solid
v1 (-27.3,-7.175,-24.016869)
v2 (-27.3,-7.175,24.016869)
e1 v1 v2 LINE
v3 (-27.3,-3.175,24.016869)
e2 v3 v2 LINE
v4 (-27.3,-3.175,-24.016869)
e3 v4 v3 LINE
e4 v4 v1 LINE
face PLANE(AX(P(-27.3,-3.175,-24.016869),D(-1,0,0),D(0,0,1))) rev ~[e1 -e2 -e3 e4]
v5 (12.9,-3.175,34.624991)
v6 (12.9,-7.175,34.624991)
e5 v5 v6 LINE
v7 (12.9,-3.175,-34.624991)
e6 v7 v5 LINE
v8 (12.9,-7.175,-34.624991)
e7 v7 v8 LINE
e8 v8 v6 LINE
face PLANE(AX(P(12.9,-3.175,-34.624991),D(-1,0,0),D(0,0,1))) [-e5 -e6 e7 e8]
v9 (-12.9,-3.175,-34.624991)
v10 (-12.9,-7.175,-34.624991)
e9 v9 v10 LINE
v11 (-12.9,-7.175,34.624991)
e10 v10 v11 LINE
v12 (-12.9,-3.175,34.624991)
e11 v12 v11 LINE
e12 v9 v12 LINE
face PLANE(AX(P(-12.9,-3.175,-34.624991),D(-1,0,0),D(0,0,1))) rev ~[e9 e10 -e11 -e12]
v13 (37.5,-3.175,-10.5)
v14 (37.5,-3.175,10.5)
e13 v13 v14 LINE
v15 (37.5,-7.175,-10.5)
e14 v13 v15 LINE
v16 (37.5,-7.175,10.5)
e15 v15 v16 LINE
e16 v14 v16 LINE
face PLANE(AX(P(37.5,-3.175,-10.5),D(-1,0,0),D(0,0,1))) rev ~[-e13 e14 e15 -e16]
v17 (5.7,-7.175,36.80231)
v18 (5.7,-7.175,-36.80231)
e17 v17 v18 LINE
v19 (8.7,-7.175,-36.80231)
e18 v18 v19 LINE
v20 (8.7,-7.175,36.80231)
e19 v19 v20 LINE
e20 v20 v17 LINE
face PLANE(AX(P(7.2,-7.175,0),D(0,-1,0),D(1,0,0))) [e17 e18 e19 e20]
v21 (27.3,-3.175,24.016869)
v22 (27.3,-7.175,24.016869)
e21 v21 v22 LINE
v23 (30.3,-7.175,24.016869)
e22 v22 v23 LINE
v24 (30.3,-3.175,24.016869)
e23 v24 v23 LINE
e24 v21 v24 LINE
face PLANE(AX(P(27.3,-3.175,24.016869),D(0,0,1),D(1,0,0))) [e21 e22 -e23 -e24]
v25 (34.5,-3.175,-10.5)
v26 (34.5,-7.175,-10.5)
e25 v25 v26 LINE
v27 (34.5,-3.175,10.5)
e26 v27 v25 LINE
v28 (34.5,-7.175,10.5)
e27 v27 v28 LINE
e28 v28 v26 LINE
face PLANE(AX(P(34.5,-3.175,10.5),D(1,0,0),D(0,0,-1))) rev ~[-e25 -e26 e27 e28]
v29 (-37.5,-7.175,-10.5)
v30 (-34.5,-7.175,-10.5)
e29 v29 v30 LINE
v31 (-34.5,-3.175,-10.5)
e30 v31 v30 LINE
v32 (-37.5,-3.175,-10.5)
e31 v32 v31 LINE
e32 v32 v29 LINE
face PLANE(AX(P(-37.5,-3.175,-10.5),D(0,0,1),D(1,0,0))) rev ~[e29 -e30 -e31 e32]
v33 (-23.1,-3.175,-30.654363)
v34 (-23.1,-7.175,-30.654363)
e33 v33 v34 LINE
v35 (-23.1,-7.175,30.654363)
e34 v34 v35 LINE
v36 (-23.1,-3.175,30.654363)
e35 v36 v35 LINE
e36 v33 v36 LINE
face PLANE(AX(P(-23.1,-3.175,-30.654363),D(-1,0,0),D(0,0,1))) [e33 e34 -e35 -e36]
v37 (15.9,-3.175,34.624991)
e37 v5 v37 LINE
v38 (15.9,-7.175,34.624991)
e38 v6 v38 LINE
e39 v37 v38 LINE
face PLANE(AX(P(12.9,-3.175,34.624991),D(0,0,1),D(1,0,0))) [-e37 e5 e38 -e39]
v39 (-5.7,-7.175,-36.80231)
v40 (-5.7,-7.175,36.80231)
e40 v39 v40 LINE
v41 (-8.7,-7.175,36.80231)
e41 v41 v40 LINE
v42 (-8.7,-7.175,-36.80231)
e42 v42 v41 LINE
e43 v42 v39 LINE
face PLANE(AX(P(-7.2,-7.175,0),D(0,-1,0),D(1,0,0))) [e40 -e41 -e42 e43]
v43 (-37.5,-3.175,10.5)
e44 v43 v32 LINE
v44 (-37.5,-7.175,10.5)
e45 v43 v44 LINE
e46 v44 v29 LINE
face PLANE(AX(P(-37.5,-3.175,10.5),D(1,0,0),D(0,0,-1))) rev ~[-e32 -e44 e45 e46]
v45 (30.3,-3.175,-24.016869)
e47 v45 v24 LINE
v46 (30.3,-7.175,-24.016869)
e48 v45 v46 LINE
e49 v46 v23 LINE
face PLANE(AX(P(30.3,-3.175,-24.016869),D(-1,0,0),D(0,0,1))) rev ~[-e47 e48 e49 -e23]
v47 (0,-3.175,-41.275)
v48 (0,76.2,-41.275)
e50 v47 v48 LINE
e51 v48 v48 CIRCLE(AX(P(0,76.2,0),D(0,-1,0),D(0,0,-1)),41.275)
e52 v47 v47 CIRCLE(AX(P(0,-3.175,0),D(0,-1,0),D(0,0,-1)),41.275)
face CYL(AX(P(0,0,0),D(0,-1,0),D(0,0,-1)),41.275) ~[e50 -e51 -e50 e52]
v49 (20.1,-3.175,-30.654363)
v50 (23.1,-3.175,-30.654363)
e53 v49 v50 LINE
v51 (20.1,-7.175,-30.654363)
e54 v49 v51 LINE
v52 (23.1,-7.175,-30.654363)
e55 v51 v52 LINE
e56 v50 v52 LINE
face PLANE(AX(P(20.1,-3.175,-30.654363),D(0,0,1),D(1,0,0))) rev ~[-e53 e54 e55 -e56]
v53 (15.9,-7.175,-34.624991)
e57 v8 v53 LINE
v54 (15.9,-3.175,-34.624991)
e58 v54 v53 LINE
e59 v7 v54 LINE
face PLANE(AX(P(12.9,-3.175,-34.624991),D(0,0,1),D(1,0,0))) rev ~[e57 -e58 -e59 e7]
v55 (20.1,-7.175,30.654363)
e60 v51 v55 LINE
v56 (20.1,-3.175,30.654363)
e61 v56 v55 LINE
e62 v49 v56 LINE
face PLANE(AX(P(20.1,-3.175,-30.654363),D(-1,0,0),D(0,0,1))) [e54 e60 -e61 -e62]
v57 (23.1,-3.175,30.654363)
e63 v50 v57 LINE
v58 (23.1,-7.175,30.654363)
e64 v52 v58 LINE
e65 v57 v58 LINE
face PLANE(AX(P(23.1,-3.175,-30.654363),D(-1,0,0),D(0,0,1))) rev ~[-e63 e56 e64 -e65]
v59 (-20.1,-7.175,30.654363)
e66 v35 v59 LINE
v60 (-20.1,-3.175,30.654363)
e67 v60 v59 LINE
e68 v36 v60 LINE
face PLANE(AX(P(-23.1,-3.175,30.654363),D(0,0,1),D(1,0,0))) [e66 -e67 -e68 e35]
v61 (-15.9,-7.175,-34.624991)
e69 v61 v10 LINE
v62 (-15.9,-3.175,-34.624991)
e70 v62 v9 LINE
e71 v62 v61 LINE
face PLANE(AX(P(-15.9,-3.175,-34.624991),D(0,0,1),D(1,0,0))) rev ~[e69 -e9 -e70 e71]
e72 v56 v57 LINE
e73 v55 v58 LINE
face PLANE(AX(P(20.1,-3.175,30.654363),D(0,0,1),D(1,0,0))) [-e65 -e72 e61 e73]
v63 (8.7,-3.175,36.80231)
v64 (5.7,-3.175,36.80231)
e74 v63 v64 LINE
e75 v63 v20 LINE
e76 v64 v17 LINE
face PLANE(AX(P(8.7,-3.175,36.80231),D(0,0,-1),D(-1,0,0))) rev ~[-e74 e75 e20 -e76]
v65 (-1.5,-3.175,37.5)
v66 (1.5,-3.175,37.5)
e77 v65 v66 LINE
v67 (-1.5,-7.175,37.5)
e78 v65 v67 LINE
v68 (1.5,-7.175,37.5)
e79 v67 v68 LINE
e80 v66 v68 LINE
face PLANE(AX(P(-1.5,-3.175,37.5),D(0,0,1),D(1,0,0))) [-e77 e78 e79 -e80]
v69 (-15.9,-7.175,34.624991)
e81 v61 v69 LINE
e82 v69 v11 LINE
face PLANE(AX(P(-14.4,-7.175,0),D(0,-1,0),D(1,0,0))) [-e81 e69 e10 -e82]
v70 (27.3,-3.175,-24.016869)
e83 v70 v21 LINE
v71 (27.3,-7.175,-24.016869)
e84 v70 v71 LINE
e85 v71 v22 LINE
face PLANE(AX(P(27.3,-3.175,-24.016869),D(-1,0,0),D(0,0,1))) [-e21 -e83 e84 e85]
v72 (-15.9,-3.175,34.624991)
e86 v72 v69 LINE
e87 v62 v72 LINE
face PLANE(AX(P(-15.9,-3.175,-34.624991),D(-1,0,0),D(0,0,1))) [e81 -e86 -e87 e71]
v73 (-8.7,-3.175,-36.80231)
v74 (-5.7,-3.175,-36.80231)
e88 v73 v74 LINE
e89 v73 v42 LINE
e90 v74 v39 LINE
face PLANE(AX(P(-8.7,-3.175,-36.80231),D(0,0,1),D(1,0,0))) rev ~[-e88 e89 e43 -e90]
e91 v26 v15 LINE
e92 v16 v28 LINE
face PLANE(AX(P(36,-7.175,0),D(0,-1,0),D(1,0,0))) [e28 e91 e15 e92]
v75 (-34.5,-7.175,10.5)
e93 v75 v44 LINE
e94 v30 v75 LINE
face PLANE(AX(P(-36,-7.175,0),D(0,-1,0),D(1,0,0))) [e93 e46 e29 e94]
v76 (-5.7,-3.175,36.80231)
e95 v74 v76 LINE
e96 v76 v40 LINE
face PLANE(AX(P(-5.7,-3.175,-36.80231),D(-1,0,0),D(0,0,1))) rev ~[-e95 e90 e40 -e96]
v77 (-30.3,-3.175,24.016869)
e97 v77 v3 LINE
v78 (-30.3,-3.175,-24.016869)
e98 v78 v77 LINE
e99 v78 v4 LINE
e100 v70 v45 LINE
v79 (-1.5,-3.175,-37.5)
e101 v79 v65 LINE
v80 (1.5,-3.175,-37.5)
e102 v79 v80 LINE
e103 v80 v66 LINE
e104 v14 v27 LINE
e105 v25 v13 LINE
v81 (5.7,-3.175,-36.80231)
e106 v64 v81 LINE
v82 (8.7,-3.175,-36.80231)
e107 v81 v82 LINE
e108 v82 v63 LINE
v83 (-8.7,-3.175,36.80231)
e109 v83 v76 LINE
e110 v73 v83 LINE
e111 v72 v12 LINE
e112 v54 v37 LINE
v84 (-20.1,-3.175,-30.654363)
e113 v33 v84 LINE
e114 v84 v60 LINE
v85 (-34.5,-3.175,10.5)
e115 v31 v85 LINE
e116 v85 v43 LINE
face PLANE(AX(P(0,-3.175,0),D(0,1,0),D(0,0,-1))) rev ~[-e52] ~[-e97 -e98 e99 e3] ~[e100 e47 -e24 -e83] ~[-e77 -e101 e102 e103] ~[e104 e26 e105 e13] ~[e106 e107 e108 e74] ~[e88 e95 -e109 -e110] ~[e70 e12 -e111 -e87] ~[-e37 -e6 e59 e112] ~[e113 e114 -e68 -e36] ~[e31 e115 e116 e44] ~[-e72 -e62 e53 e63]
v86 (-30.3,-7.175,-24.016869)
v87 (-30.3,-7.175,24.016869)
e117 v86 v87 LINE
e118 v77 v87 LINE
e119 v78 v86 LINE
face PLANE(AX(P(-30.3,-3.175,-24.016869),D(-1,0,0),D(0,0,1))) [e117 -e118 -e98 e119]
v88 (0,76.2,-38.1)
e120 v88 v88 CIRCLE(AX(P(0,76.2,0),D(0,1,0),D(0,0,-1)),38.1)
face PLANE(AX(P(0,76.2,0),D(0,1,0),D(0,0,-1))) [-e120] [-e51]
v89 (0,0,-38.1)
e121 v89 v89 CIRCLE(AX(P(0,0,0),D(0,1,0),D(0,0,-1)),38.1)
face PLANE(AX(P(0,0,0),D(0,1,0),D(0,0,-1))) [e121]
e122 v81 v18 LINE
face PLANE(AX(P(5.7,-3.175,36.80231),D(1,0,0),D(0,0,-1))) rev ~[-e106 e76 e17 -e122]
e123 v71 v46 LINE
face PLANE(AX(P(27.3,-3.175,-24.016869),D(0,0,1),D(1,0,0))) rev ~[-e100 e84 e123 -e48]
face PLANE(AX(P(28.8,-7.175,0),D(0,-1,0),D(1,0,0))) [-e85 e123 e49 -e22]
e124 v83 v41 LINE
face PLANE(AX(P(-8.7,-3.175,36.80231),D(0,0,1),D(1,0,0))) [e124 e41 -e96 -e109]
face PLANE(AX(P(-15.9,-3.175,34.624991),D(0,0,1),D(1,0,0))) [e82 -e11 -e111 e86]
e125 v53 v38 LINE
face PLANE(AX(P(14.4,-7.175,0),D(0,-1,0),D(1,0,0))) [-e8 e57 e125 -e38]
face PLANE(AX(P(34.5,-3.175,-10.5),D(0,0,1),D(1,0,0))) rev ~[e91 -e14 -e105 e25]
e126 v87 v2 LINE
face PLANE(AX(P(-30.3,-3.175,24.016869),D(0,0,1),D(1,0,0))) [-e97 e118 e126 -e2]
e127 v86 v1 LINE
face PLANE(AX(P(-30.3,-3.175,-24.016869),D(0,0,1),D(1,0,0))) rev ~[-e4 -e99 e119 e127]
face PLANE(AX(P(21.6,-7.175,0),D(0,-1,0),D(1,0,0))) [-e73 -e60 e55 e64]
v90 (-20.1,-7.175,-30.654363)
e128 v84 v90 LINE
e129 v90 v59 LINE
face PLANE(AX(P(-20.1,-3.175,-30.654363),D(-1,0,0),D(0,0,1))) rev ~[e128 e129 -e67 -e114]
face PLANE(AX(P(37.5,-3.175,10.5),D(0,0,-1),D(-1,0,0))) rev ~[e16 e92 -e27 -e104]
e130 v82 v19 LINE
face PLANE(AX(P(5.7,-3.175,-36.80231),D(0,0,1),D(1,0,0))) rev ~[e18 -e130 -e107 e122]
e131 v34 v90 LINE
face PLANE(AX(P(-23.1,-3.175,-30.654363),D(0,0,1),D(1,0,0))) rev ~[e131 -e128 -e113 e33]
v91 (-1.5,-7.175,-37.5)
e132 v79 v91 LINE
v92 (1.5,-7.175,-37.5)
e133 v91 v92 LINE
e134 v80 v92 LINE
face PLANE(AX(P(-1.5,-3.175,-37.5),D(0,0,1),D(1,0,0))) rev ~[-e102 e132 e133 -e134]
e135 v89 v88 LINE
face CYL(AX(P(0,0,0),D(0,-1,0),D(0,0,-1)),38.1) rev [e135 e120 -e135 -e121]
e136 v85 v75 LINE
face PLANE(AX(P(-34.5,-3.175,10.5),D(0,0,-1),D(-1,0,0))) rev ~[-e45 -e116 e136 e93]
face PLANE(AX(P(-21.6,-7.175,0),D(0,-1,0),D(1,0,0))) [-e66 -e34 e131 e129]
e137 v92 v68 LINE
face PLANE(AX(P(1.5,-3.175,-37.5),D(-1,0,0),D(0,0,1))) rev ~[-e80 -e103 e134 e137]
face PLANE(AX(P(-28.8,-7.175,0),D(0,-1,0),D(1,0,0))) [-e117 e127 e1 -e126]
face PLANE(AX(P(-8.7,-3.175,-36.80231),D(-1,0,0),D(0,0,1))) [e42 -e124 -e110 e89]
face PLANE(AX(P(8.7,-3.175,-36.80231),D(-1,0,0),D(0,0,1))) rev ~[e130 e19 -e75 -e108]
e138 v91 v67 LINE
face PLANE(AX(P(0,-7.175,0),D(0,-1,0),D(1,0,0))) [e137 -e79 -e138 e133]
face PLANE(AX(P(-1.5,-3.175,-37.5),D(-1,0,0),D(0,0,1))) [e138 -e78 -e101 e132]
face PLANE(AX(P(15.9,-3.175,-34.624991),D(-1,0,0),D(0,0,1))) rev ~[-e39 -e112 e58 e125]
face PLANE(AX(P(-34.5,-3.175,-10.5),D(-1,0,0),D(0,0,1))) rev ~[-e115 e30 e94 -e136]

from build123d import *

# Parameters (mm, degrees)
SKETCH1_R           = 38.1
BOSS_EXTRUDE1_DEPTH = 76.2
SHELL2_T            = 3.175
SKETCH2_W           = 3
SKETCH2_H           = 75
SKETCH2_H_2         = 48.033738144
SKETCH2_H_3         = 61.308726948
SKETCH2_H_4         = 69.24998195
SKETCH2_H_5         = 73.60461942
BOSS_EXTRUDE2_DEPTH = 4


with BuildPart() as part:
    # Sketch1 → Boss-Extrude1 (new body)
    with BuildSketch(Plane(origin=(0, 0, 0), x_dir=(1, 0, 0), z_dir=(0, 1, 0))):
        with Locations(Location((0, 0, 0), (0, 0, 90))):
            Circle(SKETCH1_R)
    extrude(amount=BOSS_EXTRUDE1_DEPTH)

    # Shell2
    shell2_openings = [part.faces().sort_by_distance(p)[0] for p in [
        (0, 76.2, 0),
    ]]
    offset(amount=SHELL2_T, openings=shell2_openings, kind=Kind.INTERSECTION)

    # Sketch2 → Boss-Extrude2 (add)
    with BuildSketch(Plane.XZ.offset(3.175)):
        Rectangle(SKETCH2_W, SKETCH2_H)
        Polygon((-34.5, -10.5), (-34.5, 0), (-34.5, 10.5), (-37.5, 10.5), (-37.5, -10.5), align=None)
        with Locations((-28.8, 0)):
            Rectangle(SKETCH2_W, SKETCH2_H_2)
        with Locations((-21.6, 0)):
            Rectangle(SKETCH2_W, SKETCH2_H_3)
        with Locations((-14.4, 0)):
            Rectangle(SKETCH2_W, SKETCH2_H_4)
        with Locations((-7.2, 0)):
            Rectangle(SKETCH2_W, SKETCH2_H_5)
        Polygon((8.7, -36.80230971), (8.7, 0), (8.7, 36.80230971), (5.7, 36.80230971), (5.7, -36.80230971), align=None)
        with Locations((14.4, 0)):
            Rectangle(SKETCH2_W, SKETCH2_H_4)
        with Locations((21.6, 0)):
            Rectangle(SKETCH2_W, SKETCH2_H_3)
        with Locations((28.8, 0)):
            Rectangle(SKETCH2_W, SKETCH2_H_2)
        Polygon((37.5, -10.5), (37.5, 10.5), (34.5, 10.5), (34.5, 0), (34.5, -10.5), align=None)
    extrude(amount=BOSS_EXTRUDE2_DEPTH)


solid = part.part
